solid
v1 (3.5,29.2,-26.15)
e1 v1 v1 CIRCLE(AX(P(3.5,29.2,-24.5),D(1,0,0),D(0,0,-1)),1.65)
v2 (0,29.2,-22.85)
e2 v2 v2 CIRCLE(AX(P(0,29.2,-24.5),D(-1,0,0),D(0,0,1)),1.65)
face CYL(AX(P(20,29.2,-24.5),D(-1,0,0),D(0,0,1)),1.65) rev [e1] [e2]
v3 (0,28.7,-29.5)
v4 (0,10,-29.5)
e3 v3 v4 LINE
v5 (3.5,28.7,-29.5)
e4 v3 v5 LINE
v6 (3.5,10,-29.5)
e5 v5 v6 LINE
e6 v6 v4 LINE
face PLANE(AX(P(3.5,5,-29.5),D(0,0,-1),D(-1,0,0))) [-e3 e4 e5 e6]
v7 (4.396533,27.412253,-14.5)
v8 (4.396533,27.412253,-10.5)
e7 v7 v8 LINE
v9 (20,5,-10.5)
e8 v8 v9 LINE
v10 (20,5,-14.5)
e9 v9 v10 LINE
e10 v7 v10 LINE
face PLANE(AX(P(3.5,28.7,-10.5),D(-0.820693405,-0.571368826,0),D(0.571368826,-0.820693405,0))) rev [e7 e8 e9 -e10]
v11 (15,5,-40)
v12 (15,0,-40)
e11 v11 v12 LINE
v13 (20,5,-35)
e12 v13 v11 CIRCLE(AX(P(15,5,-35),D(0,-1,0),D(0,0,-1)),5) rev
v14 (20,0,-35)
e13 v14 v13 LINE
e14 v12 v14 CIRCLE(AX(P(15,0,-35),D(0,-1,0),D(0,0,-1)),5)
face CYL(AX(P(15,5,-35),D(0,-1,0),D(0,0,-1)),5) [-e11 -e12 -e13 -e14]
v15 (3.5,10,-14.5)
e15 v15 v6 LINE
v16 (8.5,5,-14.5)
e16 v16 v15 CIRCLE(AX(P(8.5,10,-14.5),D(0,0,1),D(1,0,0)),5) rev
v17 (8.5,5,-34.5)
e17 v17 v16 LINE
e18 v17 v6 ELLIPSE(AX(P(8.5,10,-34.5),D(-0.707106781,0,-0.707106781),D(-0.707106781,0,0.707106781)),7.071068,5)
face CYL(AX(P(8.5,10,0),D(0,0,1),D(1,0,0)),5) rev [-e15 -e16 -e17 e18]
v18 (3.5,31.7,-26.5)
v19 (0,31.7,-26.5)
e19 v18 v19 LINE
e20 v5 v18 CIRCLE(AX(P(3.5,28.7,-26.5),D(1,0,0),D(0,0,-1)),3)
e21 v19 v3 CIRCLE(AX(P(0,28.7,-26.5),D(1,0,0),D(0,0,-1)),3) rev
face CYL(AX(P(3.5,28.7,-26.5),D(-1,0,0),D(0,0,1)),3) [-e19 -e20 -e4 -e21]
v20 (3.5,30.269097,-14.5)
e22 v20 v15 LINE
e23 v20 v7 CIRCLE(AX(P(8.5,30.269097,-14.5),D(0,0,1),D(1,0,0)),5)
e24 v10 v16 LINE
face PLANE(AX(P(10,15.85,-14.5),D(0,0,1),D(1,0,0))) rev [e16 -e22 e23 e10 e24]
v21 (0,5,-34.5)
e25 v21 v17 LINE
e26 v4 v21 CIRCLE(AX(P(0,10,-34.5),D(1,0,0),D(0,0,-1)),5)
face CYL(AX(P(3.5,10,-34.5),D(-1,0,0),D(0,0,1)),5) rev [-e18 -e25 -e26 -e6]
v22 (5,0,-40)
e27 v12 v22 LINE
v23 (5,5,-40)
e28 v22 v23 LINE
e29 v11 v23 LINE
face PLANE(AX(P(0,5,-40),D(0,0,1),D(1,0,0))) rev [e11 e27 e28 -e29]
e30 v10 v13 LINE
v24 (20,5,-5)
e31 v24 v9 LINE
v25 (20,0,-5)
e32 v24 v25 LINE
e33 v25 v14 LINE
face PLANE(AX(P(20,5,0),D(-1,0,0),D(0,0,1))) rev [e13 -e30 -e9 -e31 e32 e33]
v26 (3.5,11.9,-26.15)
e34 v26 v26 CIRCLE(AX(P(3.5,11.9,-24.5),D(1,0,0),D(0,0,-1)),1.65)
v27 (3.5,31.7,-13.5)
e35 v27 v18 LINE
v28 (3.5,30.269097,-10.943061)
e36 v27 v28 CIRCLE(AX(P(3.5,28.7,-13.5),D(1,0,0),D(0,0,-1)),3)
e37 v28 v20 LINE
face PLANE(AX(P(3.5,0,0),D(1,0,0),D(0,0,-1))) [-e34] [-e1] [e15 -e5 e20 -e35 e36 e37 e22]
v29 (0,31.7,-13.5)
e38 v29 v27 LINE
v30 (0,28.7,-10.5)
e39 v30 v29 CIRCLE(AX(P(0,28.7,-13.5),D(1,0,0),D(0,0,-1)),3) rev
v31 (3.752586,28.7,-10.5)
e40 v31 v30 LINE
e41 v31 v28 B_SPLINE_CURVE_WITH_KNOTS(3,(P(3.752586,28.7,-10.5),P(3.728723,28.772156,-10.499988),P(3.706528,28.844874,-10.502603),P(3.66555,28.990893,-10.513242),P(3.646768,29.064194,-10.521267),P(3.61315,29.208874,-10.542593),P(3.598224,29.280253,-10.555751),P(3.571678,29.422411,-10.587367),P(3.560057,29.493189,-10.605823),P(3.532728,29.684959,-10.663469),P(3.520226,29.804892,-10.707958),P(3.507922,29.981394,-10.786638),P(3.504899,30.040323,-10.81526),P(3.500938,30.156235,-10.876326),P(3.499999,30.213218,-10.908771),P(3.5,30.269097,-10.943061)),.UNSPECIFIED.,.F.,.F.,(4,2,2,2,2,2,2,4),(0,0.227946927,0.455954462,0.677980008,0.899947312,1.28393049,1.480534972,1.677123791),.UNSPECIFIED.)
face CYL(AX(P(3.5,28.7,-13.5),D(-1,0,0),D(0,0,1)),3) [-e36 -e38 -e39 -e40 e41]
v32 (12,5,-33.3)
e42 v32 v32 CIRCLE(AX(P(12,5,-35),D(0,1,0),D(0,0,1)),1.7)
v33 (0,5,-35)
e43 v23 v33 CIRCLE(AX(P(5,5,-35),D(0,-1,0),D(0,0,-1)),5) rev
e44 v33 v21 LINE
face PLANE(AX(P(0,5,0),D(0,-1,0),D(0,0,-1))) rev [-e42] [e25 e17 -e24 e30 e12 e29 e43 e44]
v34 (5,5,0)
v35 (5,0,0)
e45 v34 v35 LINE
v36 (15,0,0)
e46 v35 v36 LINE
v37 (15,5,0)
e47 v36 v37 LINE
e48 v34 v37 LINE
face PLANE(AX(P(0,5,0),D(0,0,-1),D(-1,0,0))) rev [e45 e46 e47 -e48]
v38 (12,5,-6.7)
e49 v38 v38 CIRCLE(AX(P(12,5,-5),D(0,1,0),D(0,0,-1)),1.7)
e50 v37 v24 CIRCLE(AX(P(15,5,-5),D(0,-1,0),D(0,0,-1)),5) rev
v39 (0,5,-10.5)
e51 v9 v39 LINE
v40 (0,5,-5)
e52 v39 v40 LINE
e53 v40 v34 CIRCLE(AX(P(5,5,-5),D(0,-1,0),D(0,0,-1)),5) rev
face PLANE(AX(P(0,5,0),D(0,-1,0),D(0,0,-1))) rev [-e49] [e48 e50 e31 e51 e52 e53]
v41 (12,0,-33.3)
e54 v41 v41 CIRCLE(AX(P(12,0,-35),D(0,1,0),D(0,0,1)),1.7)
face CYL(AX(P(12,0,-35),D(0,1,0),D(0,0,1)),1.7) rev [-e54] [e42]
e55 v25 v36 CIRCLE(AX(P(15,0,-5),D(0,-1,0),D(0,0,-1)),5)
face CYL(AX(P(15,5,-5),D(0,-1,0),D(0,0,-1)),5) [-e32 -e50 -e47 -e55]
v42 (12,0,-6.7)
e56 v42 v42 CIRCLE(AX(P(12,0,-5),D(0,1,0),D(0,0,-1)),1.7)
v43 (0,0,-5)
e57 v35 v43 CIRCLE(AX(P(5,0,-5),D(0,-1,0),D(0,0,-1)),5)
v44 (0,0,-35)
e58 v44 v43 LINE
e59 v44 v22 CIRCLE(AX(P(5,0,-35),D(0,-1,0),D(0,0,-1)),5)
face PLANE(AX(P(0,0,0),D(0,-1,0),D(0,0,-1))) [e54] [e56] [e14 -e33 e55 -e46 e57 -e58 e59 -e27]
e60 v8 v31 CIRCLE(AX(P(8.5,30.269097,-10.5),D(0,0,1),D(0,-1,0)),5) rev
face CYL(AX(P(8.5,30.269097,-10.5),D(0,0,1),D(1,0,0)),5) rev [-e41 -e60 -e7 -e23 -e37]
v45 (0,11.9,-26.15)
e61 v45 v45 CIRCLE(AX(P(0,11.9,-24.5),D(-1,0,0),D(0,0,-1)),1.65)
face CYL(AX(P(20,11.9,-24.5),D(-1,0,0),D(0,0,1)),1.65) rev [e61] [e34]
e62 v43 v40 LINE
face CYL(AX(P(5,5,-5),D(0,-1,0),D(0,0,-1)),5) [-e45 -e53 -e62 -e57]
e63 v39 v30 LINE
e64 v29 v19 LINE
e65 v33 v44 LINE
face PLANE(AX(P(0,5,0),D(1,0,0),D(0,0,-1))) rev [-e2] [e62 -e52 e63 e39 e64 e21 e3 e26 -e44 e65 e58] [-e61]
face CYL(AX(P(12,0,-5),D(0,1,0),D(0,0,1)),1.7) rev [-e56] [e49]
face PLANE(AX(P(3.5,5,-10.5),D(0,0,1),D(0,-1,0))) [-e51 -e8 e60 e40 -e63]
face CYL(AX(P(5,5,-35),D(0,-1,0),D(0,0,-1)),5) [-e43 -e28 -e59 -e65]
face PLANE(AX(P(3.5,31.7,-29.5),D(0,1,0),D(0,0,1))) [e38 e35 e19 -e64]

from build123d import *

# Parameters (mm, degrees)
SKETCH_1_W          = 20
SKETCH_1_H          = 40
EXTRUDE_1_DEPTH     = 5
SKETCH_2_W          = 19
SKETCH_2_H          = 26.7
EXTRUDE_2_DEPTH     = 3.5
SKETCH_3_R          = 1.65
CUT_EXTRUDE_1_DEPTH = 55.816876963
SKETCH_4_R          = 1.7
CUT_EXTRUDE_2_DEPTH = 53.085410625
FILLET_1_R          = 5
FILLET_2_R          = 3
RIB_1_REACH         = 49.698
SKETCH_5_WALL_W     = 126.274874616
SKETCH_5_WALL_H     = 4
FILLET_3_R          = 5


with BuildPart() as part:
    # 草图1 → 凸台-拉伸1 (new body)
    with BuildSketch(Plane(origin=(0, 0, 0), x_dir=(1, 0, 0), z_dir=(0, 1, 0))):
        with Locations((10, 20)):
            Rectangle(SKETCH_1_W, SKETCH_1_H)
    extrude(amount=EXTRUDE_1_DEPTH)

    # 草图2 → 凸台-拉伸2 (add)
    with BuildSketch(Plane.ZY):
        with Locations((-20, 18.35)):
            Rectangle(SKETCH_2_W, SKETCH_2_H)
    extrude(amount=-EXTRUDE_2_DEPTH)

    # 草图3 → 切除-拉伸1 (cut, through all)
    with BuildSketch(Plane.ZY):
        with Locations((-24.5, 29.2)):
            Circle(SKETCH_3_R)
        with Locations(Location((-24.5, 11.9, 0), (0, 0, 180))):
            Circle(SKETCH_3_R)
    extrude(amount=-CUT_EXTRUDE_1_DEPTH, mode=Mode.SUBTRACT)

    # 草图4 → 切除-拉伸2 (cut, through all)
    with BuildSketch(Plane(origin=(0, 5, 0), x_dir=(1, 0, 0), z_dir=(0, 1, 0))):
        with Locations(Location((12, 35, 0), (0, 0, 270))):
            Circle(SKETCH_4_R)
        with Locations(Location((12, 5, 0), (0, 0, 90))):
            Circle(SKETCH_4_R)
    extrude(amount=-CUT_EXTRUDE_2_DEPTH, mode=Mode.SUBTRACT)

    # 圆角1
    fillet_1_edges = [part.edges().sort_by_distance(p)[0] for p in [
        (0, 2.5, -40),
        (20, 2.5, -40),
        (20, 2.5, 0),
        (0, 2.5, 0),
    ]]
    fillet(fillet_1_edges, radius=FILLET_1_R)

    # 圆角2
    fillet_2_edges = [part.edges().sort_by_distance(p)[0] for p in [
        (1.75, 31.7, -29.5),
        (1.75, 31.7, -10.5),
    ]]
    fillet(fillet_2_edges, radius=FILLET_2_R)

    # 草图5 wall → 筋1 (add, up to next)
    with BuildSketch(Plane(origin=(11.75, 16.85, -10.5), x_dir=(0.571368826083, -0.820693404738, 0), z_dir=(0.820693404738, 0.571368826083, 0)), mode=Mode.PRIVATE) as rib_1_sk1:
        with Locations((0, 2)):
            Rectangle(SKETCH_5_WALL_W, SKETCH_5_WALL_H)
    rib_1_tool1 = extrude(rib_1_sk1.sketch, amount=-RIB_1_REACH, mode=Mode.PRIVATE) - part.part
    add(rib_1_tool1.solids().sort_by_distance((11.75, 16.85, -10.5))[0])

    # 圆角3
    fillet_3_edges = [part.edges().sort_by_distance(p)[0] for p in [
        (1.75, 5, -29.5),
        (3.5, 5, -22),
        (3.5, 28.7, -12.5),
    ]]
    fillet(fillet_3_edges, radius=FILLET_3_R)


solid = part.part
